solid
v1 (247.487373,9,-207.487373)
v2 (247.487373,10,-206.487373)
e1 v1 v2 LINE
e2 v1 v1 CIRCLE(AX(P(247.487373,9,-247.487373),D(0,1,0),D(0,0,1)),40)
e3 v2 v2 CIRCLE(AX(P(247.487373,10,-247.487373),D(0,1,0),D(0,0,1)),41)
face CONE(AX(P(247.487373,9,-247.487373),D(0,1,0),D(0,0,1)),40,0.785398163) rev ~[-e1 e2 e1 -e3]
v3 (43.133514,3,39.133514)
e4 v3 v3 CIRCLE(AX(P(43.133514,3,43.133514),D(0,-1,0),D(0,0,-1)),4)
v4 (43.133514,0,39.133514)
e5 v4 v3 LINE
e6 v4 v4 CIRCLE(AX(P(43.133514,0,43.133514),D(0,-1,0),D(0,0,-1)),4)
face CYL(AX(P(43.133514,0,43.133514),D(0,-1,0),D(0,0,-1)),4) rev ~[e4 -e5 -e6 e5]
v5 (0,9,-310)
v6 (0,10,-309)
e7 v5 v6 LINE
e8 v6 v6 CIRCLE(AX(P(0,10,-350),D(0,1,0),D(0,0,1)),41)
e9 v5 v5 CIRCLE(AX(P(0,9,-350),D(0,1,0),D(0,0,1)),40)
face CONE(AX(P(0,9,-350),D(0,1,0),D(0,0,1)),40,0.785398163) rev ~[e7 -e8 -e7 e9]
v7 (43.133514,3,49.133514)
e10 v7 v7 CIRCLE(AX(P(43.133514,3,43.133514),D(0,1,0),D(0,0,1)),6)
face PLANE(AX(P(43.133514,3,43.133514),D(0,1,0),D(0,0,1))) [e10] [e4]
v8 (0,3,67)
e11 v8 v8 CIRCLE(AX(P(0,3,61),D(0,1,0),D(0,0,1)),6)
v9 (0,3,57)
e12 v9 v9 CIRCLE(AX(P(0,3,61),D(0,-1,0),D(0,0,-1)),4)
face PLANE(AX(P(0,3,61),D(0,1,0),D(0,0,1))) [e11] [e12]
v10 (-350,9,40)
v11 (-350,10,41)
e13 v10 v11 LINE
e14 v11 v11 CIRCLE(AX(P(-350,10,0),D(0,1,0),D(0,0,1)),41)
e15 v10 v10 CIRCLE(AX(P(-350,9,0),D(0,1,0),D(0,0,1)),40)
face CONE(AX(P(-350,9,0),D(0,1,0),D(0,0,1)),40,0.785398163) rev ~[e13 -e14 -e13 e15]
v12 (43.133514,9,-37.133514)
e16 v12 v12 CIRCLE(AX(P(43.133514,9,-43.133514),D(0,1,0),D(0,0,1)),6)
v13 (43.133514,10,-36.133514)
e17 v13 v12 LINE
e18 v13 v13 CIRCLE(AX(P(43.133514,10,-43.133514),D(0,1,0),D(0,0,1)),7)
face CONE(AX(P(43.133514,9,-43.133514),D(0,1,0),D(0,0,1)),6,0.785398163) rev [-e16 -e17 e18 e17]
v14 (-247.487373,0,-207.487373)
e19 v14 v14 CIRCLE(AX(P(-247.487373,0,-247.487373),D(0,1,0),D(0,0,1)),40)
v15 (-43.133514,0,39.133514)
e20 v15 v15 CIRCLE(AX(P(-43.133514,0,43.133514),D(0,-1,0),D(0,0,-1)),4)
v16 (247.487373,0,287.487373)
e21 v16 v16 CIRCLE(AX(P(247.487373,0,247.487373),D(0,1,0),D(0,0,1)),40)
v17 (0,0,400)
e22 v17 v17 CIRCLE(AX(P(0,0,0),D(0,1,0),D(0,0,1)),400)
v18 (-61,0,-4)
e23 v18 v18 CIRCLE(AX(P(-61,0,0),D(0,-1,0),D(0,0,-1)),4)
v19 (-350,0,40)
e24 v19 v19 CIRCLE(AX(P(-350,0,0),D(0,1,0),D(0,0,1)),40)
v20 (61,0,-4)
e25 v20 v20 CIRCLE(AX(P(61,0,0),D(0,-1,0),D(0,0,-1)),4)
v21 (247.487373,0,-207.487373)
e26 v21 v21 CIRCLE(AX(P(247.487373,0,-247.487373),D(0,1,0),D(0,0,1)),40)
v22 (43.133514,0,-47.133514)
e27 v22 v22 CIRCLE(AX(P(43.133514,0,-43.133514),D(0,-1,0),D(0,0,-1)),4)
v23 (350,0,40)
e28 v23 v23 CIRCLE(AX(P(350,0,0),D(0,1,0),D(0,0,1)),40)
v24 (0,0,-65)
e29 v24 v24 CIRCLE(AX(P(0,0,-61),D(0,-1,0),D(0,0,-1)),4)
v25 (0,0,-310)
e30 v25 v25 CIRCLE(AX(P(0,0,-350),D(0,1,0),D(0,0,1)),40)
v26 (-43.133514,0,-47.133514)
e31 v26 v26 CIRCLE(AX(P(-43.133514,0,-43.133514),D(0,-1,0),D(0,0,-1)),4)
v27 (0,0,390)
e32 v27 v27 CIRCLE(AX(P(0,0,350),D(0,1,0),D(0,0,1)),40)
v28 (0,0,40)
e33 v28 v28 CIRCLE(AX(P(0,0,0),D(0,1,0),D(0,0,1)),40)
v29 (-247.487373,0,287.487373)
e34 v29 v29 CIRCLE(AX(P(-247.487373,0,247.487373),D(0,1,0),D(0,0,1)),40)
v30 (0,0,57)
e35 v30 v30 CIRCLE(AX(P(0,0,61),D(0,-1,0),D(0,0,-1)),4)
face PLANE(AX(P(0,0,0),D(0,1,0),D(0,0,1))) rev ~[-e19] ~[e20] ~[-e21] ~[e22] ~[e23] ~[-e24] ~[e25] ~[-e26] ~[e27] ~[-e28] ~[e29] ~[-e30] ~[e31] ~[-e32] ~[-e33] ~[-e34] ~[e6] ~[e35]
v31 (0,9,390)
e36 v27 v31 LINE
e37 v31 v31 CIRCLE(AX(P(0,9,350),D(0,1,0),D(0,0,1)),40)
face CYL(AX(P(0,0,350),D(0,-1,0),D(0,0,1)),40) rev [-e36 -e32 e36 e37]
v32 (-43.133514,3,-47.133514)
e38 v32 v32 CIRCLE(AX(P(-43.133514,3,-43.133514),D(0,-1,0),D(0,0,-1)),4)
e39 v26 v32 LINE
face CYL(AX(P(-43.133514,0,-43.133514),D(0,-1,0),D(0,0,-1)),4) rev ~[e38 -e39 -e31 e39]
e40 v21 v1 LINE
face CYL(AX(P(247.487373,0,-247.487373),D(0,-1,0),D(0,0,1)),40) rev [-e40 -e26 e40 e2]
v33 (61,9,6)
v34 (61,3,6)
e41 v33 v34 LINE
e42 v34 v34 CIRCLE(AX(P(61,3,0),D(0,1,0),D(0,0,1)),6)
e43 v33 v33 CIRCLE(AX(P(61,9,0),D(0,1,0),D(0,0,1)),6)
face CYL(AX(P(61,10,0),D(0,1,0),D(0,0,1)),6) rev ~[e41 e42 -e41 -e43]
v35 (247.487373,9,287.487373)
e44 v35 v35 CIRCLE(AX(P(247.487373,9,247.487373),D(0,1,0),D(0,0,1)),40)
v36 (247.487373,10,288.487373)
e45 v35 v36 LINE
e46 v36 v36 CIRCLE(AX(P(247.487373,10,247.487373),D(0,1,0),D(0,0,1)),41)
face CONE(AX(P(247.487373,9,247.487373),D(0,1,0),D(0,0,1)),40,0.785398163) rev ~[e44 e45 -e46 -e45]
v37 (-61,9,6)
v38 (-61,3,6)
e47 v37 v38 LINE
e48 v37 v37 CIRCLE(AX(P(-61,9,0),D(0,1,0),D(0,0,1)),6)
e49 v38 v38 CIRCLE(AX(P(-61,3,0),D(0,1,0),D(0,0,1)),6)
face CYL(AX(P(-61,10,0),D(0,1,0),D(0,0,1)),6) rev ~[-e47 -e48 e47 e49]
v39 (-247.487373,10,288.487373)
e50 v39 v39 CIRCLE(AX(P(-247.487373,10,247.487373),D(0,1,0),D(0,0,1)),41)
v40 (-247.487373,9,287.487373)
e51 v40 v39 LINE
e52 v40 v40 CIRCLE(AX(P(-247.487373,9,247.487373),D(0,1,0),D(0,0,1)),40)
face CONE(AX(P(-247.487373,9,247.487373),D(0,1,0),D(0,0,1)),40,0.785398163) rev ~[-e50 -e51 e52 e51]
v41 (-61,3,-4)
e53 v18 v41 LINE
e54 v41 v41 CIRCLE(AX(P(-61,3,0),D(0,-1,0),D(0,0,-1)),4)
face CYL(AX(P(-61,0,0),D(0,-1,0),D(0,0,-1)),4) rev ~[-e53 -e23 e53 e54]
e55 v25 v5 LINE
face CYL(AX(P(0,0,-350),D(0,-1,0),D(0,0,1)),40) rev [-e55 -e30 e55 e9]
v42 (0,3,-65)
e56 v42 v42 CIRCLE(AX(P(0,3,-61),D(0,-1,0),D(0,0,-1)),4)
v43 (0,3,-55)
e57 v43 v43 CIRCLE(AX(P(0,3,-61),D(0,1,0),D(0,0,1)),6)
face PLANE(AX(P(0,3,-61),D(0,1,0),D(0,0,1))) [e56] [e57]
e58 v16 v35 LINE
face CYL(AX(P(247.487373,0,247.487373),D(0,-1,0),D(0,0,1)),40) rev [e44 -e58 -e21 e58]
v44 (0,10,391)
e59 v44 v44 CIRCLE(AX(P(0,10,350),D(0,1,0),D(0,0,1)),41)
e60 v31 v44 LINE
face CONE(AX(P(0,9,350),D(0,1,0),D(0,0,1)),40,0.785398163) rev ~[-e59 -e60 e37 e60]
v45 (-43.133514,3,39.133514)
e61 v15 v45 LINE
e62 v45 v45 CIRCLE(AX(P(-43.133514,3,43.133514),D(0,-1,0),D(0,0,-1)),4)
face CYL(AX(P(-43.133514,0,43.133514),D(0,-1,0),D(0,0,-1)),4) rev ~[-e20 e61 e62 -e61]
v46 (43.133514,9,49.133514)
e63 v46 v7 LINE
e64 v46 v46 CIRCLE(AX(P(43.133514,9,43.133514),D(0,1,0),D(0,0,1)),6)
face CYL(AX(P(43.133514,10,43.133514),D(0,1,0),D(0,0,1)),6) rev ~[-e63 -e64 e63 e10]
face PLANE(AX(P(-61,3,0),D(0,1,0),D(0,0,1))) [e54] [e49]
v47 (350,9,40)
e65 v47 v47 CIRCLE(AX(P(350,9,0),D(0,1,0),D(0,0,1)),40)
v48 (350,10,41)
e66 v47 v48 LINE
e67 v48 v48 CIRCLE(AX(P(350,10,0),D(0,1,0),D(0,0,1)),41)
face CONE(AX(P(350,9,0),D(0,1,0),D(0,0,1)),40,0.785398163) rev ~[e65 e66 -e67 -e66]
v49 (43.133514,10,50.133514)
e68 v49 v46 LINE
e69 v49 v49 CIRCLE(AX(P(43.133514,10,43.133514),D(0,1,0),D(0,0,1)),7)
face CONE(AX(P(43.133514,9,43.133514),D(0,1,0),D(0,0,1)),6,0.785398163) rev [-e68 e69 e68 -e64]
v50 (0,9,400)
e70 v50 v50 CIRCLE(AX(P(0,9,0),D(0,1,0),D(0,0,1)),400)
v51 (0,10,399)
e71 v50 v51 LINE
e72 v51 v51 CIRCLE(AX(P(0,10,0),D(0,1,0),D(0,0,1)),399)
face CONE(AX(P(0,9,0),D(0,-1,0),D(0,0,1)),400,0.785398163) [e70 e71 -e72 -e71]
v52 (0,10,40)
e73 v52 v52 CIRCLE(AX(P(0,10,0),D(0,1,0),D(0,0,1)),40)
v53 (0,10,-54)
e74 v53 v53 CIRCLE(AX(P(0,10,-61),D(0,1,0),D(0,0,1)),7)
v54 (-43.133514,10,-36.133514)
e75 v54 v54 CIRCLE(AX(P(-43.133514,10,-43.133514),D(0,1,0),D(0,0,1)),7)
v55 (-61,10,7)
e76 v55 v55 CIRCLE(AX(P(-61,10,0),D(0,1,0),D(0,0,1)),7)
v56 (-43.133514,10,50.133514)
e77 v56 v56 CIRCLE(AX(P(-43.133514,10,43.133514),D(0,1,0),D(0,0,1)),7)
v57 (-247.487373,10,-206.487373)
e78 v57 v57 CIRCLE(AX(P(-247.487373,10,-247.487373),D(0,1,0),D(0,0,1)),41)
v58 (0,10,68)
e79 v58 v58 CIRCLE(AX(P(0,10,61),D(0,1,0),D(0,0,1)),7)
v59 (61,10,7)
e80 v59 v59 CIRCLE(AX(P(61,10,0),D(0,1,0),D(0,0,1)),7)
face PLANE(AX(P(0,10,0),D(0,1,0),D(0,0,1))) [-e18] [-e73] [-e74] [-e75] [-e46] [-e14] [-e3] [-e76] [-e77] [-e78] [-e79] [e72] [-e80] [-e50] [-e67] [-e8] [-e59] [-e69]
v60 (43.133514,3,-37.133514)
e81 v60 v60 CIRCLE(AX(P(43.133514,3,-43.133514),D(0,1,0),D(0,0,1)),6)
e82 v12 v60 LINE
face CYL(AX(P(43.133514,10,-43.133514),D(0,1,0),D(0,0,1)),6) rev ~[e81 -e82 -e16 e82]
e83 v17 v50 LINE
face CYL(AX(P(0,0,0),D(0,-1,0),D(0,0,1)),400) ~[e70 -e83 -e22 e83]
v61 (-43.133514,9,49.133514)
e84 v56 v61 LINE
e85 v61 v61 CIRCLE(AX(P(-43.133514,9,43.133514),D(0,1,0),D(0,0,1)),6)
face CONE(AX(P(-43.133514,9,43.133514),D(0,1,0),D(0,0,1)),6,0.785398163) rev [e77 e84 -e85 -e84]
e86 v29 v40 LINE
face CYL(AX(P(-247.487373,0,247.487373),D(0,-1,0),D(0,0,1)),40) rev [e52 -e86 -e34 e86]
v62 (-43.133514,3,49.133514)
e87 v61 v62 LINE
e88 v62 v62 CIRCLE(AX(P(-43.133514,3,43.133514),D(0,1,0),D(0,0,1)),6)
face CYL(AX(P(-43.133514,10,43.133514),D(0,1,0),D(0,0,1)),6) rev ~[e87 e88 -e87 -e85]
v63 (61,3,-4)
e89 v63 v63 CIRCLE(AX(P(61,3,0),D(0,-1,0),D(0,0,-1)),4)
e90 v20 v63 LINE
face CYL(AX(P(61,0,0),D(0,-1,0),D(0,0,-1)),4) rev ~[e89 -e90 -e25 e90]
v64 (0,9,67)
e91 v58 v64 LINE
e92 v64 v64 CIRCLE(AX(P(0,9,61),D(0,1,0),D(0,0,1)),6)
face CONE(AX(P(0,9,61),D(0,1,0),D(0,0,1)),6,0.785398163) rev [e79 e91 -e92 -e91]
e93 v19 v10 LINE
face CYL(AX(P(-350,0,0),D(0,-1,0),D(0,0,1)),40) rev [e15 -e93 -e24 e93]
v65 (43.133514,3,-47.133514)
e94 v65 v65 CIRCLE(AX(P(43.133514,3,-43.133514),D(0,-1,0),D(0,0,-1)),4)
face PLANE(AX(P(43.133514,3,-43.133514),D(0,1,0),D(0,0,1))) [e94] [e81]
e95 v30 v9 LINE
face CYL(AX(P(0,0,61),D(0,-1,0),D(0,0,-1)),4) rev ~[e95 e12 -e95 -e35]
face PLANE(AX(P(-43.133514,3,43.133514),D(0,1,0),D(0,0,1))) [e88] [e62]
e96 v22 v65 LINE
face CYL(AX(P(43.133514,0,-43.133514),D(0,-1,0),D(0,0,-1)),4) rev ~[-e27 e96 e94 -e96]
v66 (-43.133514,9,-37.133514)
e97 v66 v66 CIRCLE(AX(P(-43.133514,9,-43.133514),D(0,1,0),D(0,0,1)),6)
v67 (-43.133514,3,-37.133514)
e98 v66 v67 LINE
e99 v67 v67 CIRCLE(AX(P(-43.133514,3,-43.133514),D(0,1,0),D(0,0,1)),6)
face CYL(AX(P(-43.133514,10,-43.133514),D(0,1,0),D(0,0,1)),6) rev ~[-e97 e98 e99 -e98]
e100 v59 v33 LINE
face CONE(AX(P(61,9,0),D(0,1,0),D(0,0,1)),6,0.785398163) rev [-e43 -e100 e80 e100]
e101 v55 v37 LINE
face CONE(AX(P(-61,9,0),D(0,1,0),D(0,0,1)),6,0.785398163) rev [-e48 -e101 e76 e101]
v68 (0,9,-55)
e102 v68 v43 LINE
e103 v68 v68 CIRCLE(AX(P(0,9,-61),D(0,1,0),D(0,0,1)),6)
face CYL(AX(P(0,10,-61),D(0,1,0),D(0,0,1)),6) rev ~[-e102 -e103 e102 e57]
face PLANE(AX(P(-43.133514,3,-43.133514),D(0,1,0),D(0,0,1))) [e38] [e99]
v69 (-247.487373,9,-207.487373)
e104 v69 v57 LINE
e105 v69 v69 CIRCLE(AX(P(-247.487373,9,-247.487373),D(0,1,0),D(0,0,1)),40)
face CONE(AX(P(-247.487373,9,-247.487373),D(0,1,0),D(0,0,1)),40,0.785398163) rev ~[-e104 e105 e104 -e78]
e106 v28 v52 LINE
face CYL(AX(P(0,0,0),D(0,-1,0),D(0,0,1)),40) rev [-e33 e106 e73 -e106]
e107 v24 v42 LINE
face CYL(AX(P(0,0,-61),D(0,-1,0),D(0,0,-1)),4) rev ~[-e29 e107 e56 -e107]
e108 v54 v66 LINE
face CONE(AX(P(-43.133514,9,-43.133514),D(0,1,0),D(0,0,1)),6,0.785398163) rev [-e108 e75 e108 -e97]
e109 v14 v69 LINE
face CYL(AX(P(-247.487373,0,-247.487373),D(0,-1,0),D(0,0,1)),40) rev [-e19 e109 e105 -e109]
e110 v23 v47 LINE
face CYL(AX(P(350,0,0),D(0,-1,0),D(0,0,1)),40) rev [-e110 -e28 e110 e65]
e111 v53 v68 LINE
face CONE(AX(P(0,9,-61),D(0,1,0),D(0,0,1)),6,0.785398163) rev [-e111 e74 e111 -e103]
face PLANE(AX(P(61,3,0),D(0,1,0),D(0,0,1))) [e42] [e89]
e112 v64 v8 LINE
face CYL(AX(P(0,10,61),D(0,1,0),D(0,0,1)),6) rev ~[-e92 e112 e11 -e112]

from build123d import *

# Parameters (mm, degrees)
SKETCH2_R            = 400
SKETCH2_R_2          = 40
BOSS_EXTRUDE10_DEPTH = 10
CHAMFER1_SIZE        = 1
SKETCH13_R           = 6
CUT_EXTRUDE1_DEPTH   = 7
CHAMFER2_SIZE        = 1
SKETCH14_R           = 4
CUT_EXTRUDE2_DEPTH   = 3


with BuildPart() as part:
    # Sketch2 → Boss-Extrude10 (new body)
    with BuildSketch(Plane(origin=(0, 0, 0), x_dir=(1, 0, 0), z_dir=(0, 1, 0))):
        with Locations(Location((0, 0, 0), (0, 0, 270))):
            Circle(SKETCH2_R)
        with Locations(Location((0, 0, 0), (0, 0, 270))):
            Circle(SKETCH2_R_2, mode=Mode.SUBTRACT)
        with Locations(Location((0, 350, 0), (0, 0, 270))):
            Circle(SKETCH2_R_2, mode=Mode.SUBTRACT)
        with Locations(Location((247.487373415, 247.487373415, 0), (0, 0, 270))):
            Circle(SKETCH2_R_2, mode=Mode.SUBTRACT)
        with Locations(Location((350, 0, 0), (0, 0, 270))):
            Circle(SKETCH2_R_2, mode=Mode.SUBTRACT)
        with Locations(Location((247.487373415, -247.487373415, 0), (0, 0, 270))):
            Circle(SKETCH2_R_2, mode=Mode.SUBTRACT)
        with Locations(Location((0, -350, 0), (0, 0, 270))):
            Circle(SKETCH2_R_2, mode=Mode.SUBTRACT)
        with Locations(Location((-247.487373415, -247.487373415, 0), (0, 0, 270))):
            Circle(SKETCH2_R_2, mode=Mode.SUBTRACT)
        with Locations(Location((-350, 0, 0), (0, 0, 270))):
            Circle(SKETCH2_R_2, mode=Mode.SUBTRACT)
        with Locations(Location((-247.487373415, 247.487373415, 0), (0, 0, 270))):
            Circle(SKETCH2_R_2, mode=Mode.SUBTRACT)
    extrude(amount=BOSS_EXTRUDE10_DEPTH)

    # Chamfer1
    chamfer1_edges = [part.edges().sort_by_distance(p)[0] for p in [
        (247.487373415, 10, -287.487373415),
        (350, 10, -40),
        (247.487373415, 10, 207.487373415),
        (0, 10, 310),
        (-247.487373415, 10, 207.487373415),
        (-350, 10, -40),
        (-247.487373415, 10, -287.487373415),
        (0, 10, -400),
        (0, 10, -390),
    ]]
    chamfer(chamfer1_edges, length=CHAMFER1_SIZE)

    # Sketch13 → Cut-Extrude1 (cut)
    with BuildSketch(Plane(origin=(0, 10, 0), x_dir=(1, 0, 0), z_dir=(0, 1, 0))):
        with Locations(Location((-61, 0, 0), (0, 0, 270))):
            Circle(SKETCH13_R)
        with Locations(Location((-43.133513652, 43.133513652, 0), (0, 0, 270))):
            Circle(SKETCH13_R)
        with Locations(Location((0, 61, 0), (0, 0, 270))):
            Circle(SKETCH13_R)
        with Locations(Location((43.133513652, 43.133513652, 0), (0, 0, 270))):
            Circle(SKETCH13_R)
        with Locations(Location((61, 0, 0), (0, 0, 270))):
            Circle(SKETCH13_R)
        with Locations(Location((43.133513652, -43.133513652, 0), (0, 0, 270))):
            Circle(SKETCH13_R)
        with Locations(Location((0, -61, 0), (0, 0, 270))):
            Circle(SKETCH13_R)
        with Locations(Location((-43.133513652, -43.133513652, 0), (0, 0, 270))):
            Circle(SKETCH13_R)
    extrude(amount=-CUT_EXTRUDE1_DEPTH, mode=Mode.SUBTRACT)

    # Chamfer2
    chamfer2_edges = [part.edges().sort_by_distance(p)[0] for p in [
        (-61, 10, -6),
        (-43.133513652, 10, -49.133513652),
        (0, 10, -67),
        (43.133513652, 10, -49.133513652),
        (61, 10, -6),
        (43.133513652, 10, 37.133513652),
        (0, 10, 55),
        (-43.133513652, 10, 37.133513652),
    ]]
    chamfer(chamfer2_edges, length=CHAMFER2_SIZE)

    # Sketch14 → Cut-Extrude2 (cut)
    with BuildSketch(Plane.XZ):
        with Locations(Location((-61, 0, 0), (0, 0, 270))):
            Circle(SKETCH14_R)
        with Locations(Location((-43.133513652, 43.133513652, 0), (0, 0, 270))):
            Circle(SKETCH14_R)
        with Locations(Location((0, 61, 0), (0, 0, 270))):
            Circle(SKETCH14_R)
        with Locations(Location((43.133513652, 43.133513652, 0), (0, 0, 270))):
            Circle(SKETCH14_R)
        with Locations(Location((61, 0, 0), (0, 0, 270))):
            Circle(SKETCH14_R)
        with Locations(Location((43.133513652, -43.133513652, 0), (0, 0, 270))):
            Circle(SKETCH14_R)
        with Locations(Location((0, -61, 0), (0, 0, 270))):
            Circle(SKETCH14_R)
        with Locations(Location((-43.133513652, -43.133513652, 0), (0, 0, 270))):
            Circle(SKETCH14_R)
    extrude(amount=-CUT_EXTRUDE2_DEPTH, mode=Mode.SUBTRACT)


solid = part.part
